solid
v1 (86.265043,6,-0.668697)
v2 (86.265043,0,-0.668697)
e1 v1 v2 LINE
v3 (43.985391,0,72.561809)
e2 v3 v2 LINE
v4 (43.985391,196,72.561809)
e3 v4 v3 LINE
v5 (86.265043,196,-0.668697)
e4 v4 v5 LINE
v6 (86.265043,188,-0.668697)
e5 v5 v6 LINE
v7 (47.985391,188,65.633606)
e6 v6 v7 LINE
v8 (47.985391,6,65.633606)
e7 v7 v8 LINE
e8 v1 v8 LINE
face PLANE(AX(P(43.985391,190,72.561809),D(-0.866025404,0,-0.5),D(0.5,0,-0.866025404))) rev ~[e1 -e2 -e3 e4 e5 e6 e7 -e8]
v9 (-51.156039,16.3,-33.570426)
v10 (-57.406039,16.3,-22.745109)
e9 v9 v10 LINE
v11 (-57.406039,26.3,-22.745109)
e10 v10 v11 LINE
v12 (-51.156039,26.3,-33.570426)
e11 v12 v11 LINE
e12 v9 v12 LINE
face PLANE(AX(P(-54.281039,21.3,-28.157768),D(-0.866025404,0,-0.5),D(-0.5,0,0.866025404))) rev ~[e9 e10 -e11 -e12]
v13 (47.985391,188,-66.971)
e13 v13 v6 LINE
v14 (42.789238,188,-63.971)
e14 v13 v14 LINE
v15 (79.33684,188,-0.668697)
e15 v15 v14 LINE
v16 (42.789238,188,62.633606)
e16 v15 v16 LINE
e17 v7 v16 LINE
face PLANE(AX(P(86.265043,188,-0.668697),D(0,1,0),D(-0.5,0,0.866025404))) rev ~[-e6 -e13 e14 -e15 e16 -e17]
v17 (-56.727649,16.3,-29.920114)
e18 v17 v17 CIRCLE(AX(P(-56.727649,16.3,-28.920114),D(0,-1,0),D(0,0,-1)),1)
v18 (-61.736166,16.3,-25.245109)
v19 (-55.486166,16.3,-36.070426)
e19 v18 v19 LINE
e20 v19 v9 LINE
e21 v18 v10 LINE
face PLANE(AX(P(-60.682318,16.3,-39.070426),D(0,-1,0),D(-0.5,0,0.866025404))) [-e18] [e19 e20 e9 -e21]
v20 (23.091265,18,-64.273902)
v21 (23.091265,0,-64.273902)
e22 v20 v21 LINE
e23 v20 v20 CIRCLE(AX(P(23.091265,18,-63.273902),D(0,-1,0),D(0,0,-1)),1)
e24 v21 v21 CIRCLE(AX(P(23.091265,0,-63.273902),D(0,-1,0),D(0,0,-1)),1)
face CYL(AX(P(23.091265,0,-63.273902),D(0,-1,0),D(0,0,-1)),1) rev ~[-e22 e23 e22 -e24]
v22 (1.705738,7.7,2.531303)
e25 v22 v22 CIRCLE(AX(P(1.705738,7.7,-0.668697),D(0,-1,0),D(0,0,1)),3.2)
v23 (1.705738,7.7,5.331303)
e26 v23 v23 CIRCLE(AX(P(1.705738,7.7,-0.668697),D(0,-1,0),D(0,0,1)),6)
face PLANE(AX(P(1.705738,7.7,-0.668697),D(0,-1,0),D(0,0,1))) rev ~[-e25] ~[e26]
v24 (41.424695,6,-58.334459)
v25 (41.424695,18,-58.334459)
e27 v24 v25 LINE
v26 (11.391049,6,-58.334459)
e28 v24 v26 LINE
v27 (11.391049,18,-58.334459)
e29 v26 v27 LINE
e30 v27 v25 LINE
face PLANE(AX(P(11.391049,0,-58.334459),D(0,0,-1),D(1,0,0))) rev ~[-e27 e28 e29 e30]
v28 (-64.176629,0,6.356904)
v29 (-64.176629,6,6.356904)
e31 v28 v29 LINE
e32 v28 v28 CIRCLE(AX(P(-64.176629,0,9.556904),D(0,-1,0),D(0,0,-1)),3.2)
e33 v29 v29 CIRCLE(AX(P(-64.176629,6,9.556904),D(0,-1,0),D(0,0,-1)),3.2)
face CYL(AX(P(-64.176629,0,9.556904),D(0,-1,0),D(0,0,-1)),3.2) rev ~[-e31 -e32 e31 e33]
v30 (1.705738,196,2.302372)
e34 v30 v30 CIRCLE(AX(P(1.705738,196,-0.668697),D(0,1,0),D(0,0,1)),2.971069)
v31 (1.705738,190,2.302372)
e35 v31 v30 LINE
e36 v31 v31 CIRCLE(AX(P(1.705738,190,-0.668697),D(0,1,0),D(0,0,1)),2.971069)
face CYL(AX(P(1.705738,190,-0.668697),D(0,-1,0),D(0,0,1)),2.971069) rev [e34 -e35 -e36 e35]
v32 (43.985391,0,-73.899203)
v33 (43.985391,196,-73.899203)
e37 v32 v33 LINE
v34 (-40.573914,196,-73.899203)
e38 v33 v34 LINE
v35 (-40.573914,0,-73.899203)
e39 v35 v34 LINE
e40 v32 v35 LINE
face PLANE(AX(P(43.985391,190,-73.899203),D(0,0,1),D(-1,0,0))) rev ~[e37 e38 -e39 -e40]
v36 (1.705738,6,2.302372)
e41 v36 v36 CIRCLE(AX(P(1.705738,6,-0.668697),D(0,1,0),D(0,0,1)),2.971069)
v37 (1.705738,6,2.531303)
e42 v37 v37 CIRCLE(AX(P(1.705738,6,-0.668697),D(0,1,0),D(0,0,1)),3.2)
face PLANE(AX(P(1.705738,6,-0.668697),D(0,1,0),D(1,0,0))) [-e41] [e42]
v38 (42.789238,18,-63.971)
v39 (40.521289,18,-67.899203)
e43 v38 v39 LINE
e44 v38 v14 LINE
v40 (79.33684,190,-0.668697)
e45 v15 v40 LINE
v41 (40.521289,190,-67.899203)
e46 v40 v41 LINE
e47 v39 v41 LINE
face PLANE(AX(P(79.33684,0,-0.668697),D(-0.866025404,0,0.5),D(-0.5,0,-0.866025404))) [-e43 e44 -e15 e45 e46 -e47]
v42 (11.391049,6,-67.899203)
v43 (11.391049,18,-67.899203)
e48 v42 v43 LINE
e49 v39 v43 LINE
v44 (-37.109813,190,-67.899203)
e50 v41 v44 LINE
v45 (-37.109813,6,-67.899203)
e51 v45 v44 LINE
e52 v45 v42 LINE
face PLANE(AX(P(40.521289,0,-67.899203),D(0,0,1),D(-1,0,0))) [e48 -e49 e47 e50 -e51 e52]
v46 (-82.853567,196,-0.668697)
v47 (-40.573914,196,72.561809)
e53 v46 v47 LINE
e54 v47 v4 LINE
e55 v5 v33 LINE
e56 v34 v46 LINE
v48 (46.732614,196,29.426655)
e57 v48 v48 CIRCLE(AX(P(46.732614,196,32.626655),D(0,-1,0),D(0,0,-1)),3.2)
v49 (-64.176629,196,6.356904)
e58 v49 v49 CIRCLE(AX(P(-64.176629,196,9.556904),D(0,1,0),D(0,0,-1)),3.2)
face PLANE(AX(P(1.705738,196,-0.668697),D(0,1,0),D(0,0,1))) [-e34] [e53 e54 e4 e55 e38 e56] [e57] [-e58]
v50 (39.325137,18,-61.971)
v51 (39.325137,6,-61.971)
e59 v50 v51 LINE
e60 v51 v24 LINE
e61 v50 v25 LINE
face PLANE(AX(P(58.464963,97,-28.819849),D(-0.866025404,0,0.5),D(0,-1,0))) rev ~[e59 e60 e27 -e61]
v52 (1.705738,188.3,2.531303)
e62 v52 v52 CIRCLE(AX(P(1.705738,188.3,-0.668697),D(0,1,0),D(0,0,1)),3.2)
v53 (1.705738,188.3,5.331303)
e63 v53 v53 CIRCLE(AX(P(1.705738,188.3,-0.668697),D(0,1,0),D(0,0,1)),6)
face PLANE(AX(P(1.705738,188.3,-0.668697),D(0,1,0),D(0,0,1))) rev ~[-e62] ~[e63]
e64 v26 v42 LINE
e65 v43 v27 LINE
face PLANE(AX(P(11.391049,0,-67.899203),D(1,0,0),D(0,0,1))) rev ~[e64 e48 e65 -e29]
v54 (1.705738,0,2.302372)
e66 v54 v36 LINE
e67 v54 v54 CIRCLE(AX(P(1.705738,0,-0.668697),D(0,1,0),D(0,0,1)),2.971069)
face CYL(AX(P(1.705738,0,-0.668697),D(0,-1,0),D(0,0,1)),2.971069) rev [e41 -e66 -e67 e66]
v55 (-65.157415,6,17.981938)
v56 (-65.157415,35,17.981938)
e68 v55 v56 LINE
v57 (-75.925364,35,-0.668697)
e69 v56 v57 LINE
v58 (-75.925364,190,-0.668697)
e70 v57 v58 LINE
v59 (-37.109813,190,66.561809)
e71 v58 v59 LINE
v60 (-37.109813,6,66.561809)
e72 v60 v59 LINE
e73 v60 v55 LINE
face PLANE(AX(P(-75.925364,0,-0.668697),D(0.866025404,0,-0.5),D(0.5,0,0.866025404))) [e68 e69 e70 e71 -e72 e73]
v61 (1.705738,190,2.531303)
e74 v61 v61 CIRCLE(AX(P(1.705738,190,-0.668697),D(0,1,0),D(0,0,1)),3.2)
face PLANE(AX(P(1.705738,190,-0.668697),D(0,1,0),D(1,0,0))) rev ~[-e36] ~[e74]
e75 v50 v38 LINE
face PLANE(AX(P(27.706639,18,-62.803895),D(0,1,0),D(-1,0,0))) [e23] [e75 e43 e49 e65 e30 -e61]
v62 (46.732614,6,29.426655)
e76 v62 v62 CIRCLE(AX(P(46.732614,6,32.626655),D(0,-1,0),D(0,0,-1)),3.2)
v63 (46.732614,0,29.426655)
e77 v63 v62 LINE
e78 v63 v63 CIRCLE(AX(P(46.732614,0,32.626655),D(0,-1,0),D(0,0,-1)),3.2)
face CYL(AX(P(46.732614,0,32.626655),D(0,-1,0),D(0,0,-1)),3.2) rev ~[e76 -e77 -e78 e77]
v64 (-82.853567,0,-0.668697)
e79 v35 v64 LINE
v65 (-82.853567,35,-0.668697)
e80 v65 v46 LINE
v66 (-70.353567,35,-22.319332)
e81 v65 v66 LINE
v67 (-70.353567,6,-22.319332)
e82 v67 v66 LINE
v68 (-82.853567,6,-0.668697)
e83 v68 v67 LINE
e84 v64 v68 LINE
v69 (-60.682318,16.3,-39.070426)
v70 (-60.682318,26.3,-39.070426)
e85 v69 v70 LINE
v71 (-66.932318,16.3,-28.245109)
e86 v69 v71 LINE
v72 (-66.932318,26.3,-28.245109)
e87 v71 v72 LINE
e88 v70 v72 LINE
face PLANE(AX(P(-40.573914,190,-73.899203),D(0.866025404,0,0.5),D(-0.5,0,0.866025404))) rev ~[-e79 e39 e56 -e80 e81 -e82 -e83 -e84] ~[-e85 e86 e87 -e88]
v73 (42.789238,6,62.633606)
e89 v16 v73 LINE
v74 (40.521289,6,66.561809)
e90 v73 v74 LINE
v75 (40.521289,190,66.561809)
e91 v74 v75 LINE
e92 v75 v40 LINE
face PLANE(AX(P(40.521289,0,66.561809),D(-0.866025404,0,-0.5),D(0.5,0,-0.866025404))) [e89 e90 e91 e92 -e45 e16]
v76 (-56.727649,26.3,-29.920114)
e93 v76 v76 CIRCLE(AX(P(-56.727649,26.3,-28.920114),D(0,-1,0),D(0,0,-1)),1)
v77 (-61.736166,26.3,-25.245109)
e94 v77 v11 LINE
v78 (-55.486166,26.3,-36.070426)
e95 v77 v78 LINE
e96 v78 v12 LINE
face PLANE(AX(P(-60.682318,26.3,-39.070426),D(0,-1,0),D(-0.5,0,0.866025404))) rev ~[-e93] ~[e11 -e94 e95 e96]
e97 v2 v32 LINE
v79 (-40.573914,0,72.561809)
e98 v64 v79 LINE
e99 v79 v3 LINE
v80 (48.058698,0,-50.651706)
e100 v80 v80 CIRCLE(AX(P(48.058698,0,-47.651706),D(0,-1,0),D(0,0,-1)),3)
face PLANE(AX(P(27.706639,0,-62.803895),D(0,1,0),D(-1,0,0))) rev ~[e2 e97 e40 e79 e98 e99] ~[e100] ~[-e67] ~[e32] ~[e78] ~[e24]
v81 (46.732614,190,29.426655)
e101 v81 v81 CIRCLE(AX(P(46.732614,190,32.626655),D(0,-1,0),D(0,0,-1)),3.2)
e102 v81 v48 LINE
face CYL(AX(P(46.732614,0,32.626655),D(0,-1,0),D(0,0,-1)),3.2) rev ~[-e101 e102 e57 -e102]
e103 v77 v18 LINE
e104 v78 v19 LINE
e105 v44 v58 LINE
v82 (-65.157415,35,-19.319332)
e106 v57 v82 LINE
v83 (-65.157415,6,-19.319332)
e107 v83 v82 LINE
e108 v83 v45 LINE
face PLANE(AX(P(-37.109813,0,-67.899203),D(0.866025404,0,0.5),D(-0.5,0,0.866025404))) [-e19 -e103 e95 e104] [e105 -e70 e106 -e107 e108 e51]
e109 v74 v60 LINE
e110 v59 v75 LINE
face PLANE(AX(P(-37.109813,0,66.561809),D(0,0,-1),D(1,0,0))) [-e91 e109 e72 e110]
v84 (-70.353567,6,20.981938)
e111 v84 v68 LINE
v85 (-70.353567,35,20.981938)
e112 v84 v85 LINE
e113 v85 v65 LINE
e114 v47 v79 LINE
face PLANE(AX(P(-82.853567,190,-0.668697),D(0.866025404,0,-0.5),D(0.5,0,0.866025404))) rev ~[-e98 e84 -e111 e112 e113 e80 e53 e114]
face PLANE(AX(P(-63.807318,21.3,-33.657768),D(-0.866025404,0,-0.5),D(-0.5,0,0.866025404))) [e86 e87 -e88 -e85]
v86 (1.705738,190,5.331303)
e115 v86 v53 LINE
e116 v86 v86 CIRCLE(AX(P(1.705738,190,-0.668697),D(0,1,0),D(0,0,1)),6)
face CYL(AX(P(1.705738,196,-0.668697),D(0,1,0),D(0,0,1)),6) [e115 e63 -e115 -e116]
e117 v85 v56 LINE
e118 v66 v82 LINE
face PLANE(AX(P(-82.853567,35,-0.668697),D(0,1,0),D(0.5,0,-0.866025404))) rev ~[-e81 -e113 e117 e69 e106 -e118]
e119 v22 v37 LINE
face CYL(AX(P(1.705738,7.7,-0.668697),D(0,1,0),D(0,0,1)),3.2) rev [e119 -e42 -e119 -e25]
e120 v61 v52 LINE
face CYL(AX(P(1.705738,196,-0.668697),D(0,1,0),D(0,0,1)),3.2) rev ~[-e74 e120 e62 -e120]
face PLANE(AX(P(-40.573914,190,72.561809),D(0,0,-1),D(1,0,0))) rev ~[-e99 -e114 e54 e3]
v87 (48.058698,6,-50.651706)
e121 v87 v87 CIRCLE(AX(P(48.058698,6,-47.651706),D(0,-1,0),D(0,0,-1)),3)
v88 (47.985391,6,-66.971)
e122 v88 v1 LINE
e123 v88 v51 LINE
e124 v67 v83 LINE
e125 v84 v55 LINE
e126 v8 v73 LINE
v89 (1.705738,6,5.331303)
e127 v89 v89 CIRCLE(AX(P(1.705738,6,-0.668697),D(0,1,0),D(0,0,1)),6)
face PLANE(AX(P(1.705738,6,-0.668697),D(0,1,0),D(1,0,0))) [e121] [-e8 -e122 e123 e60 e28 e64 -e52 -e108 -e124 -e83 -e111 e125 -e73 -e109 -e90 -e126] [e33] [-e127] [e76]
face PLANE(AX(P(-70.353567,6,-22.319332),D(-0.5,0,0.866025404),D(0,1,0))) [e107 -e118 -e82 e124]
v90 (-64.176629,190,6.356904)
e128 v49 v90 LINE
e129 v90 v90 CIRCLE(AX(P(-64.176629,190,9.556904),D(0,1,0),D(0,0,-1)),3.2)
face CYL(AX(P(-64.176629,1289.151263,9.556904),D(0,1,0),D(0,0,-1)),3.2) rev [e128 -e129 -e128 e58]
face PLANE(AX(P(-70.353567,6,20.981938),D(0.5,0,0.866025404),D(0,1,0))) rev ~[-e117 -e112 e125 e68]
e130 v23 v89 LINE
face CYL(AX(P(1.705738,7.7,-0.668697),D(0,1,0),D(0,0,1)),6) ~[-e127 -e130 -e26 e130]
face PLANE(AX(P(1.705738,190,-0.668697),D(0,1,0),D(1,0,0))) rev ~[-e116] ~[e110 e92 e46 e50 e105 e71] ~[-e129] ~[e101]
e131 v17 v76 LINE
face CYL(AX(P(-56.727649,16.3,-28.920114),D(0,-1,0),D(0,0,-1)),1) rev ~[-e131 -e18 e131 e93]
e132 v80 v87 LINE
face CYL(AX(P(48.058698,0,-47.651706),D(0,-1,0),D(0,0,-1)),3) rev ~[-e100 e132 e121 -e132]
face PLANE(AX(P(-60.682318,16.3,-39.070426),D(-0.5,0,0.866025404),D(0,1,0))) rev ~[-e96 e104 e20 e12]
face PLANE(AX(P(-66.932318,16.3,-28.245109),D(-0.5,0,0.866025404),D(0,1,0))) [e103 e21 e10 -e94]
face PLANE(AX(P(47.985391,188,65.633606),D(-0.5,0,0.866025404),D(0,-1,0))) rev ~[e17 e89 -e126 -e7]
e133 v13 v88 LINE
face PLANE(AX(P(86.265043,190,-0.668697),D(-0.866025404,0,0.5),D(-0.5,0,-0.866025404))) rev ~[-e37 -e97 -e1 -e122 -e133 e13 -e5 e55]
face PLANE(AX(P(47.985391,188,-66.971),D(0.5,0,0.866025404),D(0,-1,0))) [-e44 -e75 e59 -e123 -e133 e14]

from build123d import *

# Parameters (mm, degrees)
SKETCH1_R                = 2.971068709
BOSS_EXTRUDE2_DEPTH      = 6
BOSS_EXTRUDE3_DEPTH      = 190
SKETCH3_R                = 2.971068709
BOSS_EXTRUDE5_DEPTH      = 6
SKETCH4_W                = 12.5
SKETCH4_H                = 10
BOSS_EXTRUDE6_DEPTH      = 11
SKETCH5_R                = 1
BOSS_EXTRUDE8_DEPTH      = 18
SKETCH5_2_R              = 1
CUT_EXTRUDE2_DEPTH       = 18
SKETCH7_R                = 6
SKETCH7_R_2              = 3.2
BOSS_EXTRUDE9_DEPTH      = 7.7
BOSS_EXTRUDE10_START     = -7.7
SKETCH8_R                = 6
SKETCH8_R_2              = 3.2
BOSS_EXTRUDE10_DEPTH     = 7.7
SKETCH9_W                = 182
SKETCH9_H                = 76.559305207
CUT_EXTRUDE3_DEPTH       = 6
SKETCH11_W               = 29
SKETCH11_H               = 25
CUT_EXTRUDE5_DEPTH       = 6
SKETCH12_W               = 29
SKETCH12_H               = 25
CUT_EXTRUDE6_DEPTH       = 6
SKETCH13_R               = 3.2
SKETCH13_R_2             = 3
CUT_EXTRUDE7_DEPTH       = 6
SKETCH14_R               = 3.2
CUT_EXTRUDE8_DEPTH       = 1273.798581799
SKETCH15_R               = 1
CUT_EXTRUDE9_DEPTH       = 11
SKETCH17_R               = 3
CUT_EXTRUDE11_DEPTH      = 170
CUT_EXTRUDE13_DEPTH      = 1271.151262578
CUT_EXTRUDE13_DEPTH_BACK = 1271.151262578
SKETCH19_R               = 3.2
SKETCH20_W               = 182
SKETCH20_H               = 76.559305207
CUT_EXTRUDE14_DEPTH      = 10


with BuildPart() as part:
    # Sketch1 → Boss-Extrude2 (new body)
    with BuildSketch(Plane(origin=(0, 0, 0), x_dir=(1, 0, 0), z_dir=(0, 1, 0))):
        Polygon((-40.573914373, 73.899203379), (-82.853566976, 0.668696943), (-40.573914373, -72.561809493), (43.985390835, -72.561809493), (86.265043438, 0.668696943), (43.985390835, 73.899203379), align=None)
        with Locations(Location((1.705738231, 0.668696943, 0), (0, 0, 270))):
            Circle(SKETCH1_R, mode=Mode.SUBTRACT)
    extrude(amount=BOSS_EXTRUDE2_DEPTH)

    # Sketch1<3> → Boss-Extrude3 (add)
    with BuildSketch(Plane(origin=(0, 0, 0), x_dir=(1, 0, 0), z_dir=(0, 1, 0))):
        Polygon((86.265043438, 0.668696943), (43.985390835, 73.899203379), (-40.573914373, 73.899203379), (-82.853566976, 0.668696943), (-40.573914373, -72.561809493), (43.985390835, -72.561809493), align=None)
        Polygon((-37.109812757, 67.899203379), (-75.925363746, 0.668696943), (-37.109812757, -66.561809493), (40.521289219, -66.561809493), (79.336840208, 0.668696943), (40.521289219, 67.899203379), align=None, mode=Mode.SUBTRACT)
    extrude(amount=BOSS_EXTRUDE3_DEPTH)

    # Sketch3 → Boss-Extrude5 (add)
    with BuildSketch(Plane(origin=(0, 190, 0), x_dir=(1, 0, 0), z_dir=(0, 1, 0))):
        Polygon((86.265043438, 0.668696943), (43.985390835, 73.899203379), (-40.573914373, 73.899203379), (-82.853566976, 0.668696943), (-40.573914373, -72.561809493), (43.985390835, -72.561809493), align=None)
        with Locations(Location((1.705738231, 0.668696943, 0), (0, 0, 270))):
            Circle(SKETCH3_R, mode=Mode.SUBTRACT)
    extrude(amount=BOSS_EXTRUDE5_DEPTH)

    # Sketch4 → Boss-Extrude6 (add)
    with BuildSketch(Plane(origin=(-62.429729502, 0, -36.043821133), x_dir=(-0.5000000000000001, 0, 0.8660254037844386), z_dir=(-0.8660254037844386, 0, -0.5000000000000001))):
        with Locations((2.755177243, 21.3)):
            Rectangle(SKETCH4_W, SKETCH4_H)
    extrude(amount=-BOSS_EXTRUDE6_DEPTH)

    # Sketch5 → Boss-Extrude8 (add)
    with BuildSketch(Plane.XZ):
        Polygon((40.521289219, -67.899203379), (11.391049027, -67.899203379), (11.391049027, -58.334458752), (46.043497104, -58.334458752), align=None)
        with Locations(Location((23.091264622, -63.273901871, 0), (0, 0, 270))):
            Circle(SKETCH5_R, mode=Mode.SUBTRACT)
    extrude(amount=-BOSS_EXTRUDE8_DEPTH)

    # Sketch5<2> → Cut-Extrude2 (cut)
    with BuildSketch(Plane.XZ):
        with Locations(Location((23.091264622, -63.273901871, 0), (0, 0, 270))):
            Circle(SKETCH5_2_R)
    extrude(amount=-CUT_EXTRUDE2_DEPTH, mode=Mode.SUBTRACT)

    # Sketch7 → Boss-Extrude9 (add)
    with BuildSketch(Plane(origin=(0, 196, 0), x_dir=(1, 0, 0), z_dir=(0, 1, 0))):
        with Locations(Location((1.705738231, 0.668696943, 0), (0, 0, 270))):
            Circle(SKETCH7_R)
        with Locations(Location((1.705738231, 0.668696943, 0), (0, 0, 270))):
            Circle(SKETCH7_R_2, mode=Mode.SUBTRACT)
    extrude(amount=-BOSS_EXTRUDE9_DEPTH)

    # Sketch8 → Boss-Extrude10 (add)
    with BuildSketch(Plane.XZ.offset(BOSS_EXTRUDE10_START)):
        with Locations(Location((1.705738231, -0.668696943, 0), (0, 0, 90))):
            Circle(SKETCH8_R)
        with Locations(Location((1.705738231, -0.668696943, 0), (0, 0, 90))):
            Circle(SKETCH8_R_2, mode=Mode.SUBTRACT)
    extrude(amount=BOSS_EXTRUDE10_DEPTH)

    # Sketch9 → Cut-Extrude3 (cut)
    with BuildSketch(Plane(origin=(629.826957164, 1366.496608068, -942.145548576), x_dir=(0, -1, 0), z_dir=(-0.8660254037844386, 0, -0.5000000000000003))):
        with Locations((1269.496608068, 1125.403480057)):
            Rectangle(SKETCH9_W, SKETCH9_H)
    extrude(amount=CUT_EXTRUDE3_DEPTH, mode=Mode.SUBTRACT)

    # Sketch11 → Cut-Extrude5 (cut)
    with BuildSketch(Plane(origin=(508.18415178, 1366.496608068, 1023.038661132), x_dir=(0, 1, 0), z_dir=(-0.8660254037844386, 0, 0.5000000000000001))):
        with Locations((-1345.996608068, 1169.575437511)):
            Rectangle(SKETCH11_W, SKETCH11_H)
    extrude(amount=-CUT_EXTRUDE5_DEPTH, mode=Mode.SUBTRACT)

    # Sketch12 → Cut-Extrude6 (cut)
    with BuildSketch(Plane(origin=(-287.090468893, 1366.496608068, 353.079993957), x_dir=(0, 1, 0), z_dir=(-0.8660254037844386, 0, -0.5000000000000001))):
        with Locations((-1345.996608068, 420.973803834)):
            Rectangle(SKETCH12_W, SKETCH12_H)
    extrude(amount=-CUT_EXTRUDE6_DEPTH, mode=Mode.SUBTRACT)

    # Sketch13 → Cut-Extrude7 (cut)
    with BuildSketch(Plane(origin=(690.748066702, 0, 917.635335707), x_dir=(-1, 0, 0), z_dir=(0, -1, 0))):
        with Locations(Location((754.924695238, 908.078431268, 0), (0, 0, 90))):
            Circle(SKETCH13_R)
        with Locations(Location((644.015452413, 885.008681135, 0), (0, 0, 90))):
            Circle(SKETCH13_R)
        with Locations(Location((642.689368477, 965.287041279, 0), (0, 0, 90))):
            Circle(SKETCH13_R_2)
    extrude(amount=-CUT_EXTRUDE7_DEPTH, mode=Mode.SUBTRACT)

    # Sketch14 → Cut-Extrude8 (cut, through all)
    with BuildSketch(Plane(origin=(690.748066702, 0, 917.635335707), x_dir=(-1, 0, 0), z_dir=(0, -1, 0))):
        with Locations(Location((644.015452413, 885.008681135, 0), (0, 0, 90))):
            Circle(SKETCH14_R)
    extrude(amount=-CUT_EXTRUDE8_DEPTH, mode=Mode.SUBTRACT)

    # Sketch15 → Cut-Extrude9 (cut)
    with BuildSketch(Plane(origin=(690.748066702, 16.3, 917.635335707), x_dir=(-1, 0, 0), z_dir=(0, -1, 0))):
        with Locations(Location((747.475715997, 946.555449467, 0), (0, 0, 90))):
            Circle(SKETCH15_R)
    extrude(amount=-CUT_EXTRUDE9_DEPTH, mode=Mode.SUBTRACT)

    # Sketch17 → Cut-Extrude11 (cut)
    with BuildSketch(Plane(origin=(690.748066702, 198, 917.635335707), x_dir=(1, 0, 0), z_dir=(0, 1, 0))):
        with Locations(Location((-754.924695238, 908.078431268, 0), (0, 0, 270))):
            Circle(SKETCH17_R)
    extrude(amount=-CUT_EXTRUDE11_DEPTH, mode=Mode.SUBTRACT)

    # Sketch19 → Cut-Extrude13 (cut, two sides: drawn at the far end of the back side and taken through both)
    with BuildSketch(Plane(origin=(690.748066702, 18, 917.635335707), x_dir=(-1, 0, 0), z_dir=(0, -1, 0)).offset(-CUT_EXTRUDE13_DEPTH_BACK)):
        with Locations(Location((754.924695238, 908.078431268, 0), (0, 0, 90))):
            Circle(SKETCH19_R)
    extrude(amount=CUT_EXTRUDE13_DEPTH + CUT_EXTRUDE13_DEPTH_BACK, mode=Mode.SUBTRACT)

    # Sketch20 → Cut-Extrude14 (cut)
    with BuildSketch(Plane(origin=(-165.447663504, 1366.496608068, -436.647894277), x_dir=(0, -1, 0), z_dir=(-0.8660254037844385, 0, 0.5000000000000002))):
        with Locations((1269.496608068, 465.14576128)):
            Rectangle(SKETCH20_W, SKETCH20_H)
    extrude(amount=CUT_EXTRUDE14_DEPTH, mode=Mode.SUBTRACT)


solid = part.part
